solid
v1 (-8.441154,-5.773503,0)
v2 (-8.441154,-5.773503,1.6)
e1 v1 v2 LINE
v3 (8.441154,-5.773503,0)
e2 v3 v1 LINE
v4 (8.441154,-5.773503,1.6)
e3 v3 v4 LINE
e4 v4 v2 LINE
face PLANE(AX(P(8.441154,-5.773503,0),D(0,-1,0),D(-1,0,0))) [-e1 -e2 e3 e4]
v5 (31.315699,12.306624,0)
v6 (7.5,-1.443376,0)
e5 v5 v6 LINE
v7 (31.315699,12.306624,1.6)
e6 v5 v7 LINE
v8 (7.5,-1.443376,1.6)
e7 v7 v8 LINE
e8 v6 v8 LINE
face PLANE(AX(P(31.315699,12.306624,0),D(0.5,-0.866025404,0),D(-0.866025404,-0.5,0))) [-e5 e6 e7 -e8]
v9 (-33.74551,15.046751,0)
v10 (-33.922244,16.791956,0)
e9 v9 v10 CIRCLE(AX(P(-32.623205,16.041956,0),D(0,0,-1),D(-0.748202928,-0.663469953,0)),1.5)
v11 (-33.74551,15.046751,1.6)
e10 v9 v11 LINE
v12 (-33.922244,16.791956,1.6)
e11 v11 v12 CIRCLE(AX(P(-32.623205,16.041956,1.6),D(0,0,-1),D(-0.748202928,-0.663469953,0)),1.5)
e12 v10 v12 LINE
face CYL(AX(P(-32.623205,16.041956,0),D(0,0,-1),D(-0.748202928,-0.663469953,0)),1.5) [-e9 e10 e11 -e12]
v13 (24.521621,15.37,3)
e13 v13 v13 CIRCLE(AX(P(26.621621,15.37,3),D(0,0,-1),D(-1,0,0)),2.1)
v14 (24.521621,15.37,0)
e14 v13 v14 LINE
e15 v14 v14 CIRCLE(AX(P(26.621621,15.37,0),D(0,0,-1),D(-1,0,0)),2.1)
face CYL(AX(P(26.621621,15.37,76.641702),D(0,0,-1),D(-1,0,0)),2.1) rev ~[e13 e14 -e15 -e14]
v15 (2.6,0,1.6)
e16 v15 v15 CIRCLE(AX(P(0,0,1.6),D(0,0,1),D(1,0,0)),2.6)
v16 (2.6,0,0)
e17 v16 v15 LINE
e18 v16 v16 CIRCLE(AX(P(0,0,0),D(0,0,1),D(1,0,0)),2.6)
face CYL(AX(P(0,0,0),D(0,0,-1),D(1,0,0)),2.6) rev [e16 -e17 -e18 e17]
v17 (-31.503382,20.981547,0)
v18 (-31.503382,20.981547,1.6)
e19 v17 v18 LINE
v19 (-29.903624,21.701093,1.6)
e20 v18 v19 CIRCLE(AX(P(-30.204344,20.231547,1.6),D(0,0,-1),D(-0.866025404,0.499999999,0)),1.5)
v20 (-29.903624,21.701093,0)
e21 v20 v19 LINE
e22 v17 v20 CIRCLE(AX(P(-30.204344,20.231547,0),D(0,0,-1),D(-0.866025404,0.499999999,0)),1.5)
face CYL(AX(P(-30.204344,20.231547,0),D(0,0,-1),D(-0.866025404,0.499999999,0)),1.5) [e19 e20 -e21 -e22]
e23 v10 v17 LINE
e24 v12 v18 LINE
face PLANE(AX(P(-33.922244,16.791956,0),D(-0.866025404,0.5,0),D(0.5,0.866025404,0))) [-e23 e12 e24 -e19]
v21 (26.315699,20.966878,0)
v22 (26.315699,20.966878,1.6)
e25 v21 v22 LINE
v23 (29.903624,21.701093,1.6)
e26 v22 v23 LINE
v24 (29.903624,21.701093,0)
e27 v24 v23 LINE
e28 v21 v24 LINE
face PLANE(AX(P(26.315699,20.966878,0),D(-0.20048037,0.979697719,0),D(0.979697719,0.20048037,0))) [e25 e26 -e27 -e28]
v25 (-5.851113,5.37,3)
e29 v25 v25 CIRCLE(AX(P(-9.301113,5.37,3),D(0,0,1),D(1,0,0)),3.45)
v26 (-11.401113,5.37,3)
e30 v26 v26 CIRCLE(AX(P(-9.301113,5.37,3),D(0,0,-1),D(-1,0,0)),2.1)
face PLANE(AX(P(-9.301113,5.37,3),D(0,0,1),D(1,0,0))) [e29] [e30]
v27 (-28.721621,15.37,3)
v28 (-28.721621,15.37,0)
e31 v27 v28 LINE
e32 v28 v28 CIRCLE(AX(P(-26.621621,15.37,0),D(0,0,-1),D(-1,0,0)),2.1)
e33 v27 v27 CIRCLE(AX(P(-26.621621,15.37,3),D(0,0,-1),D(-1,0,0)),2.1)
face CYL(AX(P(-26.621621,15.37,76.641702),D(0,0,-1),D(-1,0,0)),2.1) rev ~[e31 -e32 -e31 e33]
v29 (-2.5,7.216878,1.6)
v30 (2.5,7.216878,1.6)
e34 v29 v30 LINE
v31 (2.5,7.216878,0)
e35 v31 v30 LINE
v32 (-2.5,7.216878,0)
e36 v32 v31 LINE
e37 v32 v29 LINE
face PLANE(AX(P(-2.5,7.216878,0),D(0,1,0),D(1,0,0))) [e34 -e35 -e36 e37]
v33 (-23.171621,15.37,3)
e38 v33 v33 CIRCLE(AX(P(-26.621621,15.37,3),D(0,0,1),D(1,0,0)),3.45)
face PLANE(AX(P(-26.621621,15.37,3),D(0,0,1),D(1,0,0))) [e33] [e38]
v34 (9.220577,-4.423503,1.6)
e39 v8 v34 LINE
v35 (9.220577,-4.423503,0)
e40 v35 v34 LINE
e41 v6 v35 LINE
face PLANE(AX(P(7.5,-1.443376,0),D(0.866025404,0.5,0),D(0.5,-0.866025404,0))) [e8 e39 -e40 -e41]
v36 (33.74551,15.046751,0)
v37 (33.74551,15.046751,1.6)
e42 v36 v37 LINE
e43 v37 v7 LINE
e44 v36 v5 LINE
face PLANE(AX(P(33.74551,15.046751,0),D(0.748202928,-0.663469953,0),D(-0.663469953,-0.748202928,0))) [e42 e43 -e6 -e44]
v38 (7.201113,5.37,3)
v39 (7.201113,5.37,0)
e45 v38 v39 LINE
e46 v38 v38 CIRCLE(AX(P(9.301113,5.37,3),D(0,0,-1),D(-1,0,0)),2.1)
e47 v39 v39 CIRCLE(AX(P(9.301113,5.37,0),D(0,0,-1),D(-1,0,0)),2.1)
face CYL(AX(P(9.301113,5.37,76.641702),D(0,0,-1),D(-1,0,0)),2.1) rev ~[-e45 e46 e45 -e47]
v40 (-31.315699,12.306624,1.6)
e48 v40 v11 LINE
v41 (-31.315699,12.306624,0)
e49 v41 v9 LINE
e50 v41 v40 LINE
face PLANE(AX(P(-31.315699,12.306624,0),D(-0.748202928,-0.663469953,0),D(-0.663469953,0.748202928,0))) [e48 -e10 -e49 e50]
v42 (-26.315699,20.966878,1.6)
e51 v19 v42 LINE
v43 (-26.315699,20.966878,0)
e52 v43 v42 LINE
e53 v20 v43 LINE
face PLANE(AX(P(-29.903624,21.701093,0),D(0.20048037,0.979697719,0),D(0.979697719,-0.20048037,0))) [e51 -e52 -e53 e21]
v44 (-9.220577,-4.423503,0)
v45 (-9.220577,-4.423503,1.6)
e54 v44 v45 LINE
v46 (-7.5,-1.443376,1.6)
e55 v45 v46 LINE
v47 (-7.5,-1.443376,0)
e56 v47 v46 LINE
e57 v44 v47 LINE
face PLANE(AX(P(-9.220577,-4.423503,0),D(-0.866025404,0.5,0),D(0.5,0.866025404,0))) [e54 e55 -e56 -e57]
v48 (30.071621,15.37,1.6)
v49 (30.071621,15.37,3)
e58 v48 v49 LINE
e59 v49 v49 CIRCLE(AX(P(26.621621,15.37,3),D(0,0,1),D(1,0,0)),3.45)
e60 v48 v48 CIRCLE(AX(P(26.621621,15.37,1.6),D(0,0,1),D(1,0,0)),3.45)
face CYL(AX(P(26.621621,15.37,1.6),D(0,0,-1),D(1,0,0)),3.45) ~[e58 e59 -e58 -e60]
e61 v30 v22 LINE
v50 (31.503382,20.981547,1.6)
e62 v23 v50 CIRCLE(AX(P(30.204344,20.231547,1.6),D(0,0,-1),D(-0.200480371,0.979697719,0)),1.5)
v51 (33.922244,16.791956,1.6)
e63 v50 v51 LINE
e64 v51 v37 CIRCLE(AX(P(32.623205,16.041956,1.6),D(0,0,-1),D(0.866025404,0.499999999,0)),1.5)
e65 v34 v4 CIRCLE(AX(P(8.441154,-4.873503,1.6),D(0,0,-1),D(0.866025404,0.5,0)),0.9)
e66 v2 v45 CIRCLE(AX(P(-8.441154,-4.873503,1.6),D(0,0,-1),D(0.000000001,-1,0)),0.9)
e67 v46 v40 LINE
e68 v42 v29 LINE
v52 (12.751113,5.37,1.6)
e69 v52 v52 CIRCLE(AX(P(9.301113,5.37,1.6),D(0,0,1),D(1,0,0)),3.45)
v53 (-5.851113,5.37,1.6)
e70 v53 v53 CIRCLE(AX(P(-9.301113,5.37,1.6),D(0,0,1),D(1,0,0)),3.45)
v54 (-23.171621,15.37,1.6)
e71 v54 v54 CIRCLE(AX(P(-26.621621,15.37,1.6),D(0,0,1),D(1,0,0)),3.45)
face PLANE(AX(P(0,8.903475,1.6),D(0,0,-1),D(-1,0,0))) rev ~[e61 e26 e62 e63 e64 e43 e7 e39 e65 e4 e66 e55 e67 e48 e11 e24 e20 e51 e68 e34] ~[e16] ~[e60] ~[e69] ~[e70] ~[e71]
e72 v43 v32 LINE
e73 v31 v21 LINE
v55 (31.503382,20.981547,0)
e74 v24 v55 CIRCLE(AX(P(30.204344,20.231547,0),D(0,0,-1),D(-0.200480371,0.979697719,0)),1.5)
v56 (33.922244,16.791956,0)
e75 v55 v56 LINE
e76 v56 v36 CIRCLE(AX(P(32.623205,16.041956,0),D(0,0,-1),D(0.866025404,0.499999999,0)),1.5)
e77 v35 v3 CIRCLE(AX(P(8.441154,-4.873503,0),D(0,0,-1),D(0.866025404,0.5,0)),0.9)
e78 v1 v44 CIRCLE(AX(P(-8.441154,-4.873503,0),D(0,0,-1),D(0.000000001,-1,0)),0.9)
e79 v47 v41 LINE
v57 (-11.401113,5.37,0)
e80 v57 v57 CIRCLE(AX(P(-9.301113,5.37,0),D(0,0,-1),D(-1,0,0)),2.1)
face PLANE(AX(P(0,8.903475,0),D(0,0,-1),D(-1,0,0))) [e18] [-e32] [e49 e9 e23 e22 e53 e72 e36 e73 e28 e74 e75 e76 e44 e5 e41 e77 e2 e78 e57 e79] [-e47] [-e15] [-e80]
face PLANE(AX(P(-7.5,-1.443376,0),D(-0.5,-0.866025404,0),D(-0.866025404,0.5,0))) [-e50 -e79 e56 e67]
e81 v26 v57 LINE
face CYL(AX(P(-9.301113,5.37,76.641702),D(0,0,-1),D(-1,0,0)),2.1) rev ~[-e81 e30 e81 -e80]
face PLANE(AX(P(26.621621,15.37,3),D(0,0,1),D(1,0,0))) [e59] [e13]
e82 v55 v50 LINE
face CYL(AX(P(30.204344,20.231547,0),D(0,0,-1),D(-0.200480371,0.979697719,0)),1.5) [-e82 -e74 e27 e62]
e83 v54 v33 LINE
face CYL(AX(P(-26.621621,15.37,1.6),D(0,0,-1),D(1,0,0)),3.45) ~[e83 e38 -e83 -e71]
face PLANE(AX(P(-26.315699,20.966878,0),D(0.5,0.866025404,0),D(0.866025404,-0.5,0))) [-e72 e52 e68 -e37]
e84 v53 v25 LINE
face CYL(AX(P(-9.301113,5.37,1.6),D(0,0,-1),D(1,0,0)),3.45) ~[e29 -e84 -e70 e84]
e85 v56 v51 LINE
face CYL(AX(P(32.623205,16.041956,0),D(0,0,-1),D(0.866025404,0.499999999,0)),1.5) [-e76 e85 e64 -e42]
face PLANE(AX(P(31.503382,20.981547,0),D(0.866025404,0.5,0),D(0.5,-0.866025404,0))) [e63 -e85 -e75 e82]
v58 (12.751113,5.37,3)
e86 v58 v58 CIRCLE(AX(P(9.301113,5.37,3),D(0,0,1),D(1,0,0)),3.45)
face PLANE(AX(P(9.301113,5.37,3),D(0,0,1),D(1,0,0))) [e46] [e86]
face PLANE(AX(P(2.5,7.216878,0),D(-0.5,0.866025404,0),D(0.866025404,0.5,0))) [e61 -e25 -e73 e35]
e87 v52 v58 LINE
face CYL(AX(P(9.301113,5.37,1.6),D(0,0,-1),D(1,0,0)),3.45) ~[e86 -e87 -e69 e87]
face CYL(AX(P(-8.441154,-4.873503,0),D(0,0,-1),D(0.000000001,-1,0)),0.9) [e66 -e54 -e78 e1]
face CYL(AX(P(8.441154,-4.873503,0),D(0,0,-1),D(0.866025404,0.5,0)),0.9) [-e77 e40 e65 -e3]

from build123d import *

# Parameters (mm, degrees)
SKETCH1_R             = 2.6
BOSS_EXTRUDE1_DEPTH   = 1.6
SKETCH2_R             = 3.45
BOSS_EXTRUDE2_DEPTH   = 1.4
M5X0_8_TAPPED_HOLE1_D = 4.2


with BuildPart() as part:
    # Sketch1 → Boss-Extrude1 (new body)
    with BuildSketch(Plane.XY):
        with BuildLine():
            Line((-2.5, 7.216878365), (2.5, 7.216878365))
            Line((2.5, 7.216878365), (26.315698604, 20.966878365))
            Line((26.315698604, 20.966878365), (29.903623675, 21.701093146))
            ThreePointArc((29.903623675, 21.701093146), (30.819646028, 21.599539147), (31.503382336, 20.981546567))
            Line((31.503382336, 20.981546567), (33.922243506, 16.791956125))
            ThreePointArc((33.922243506, 16.791956125), (34.115572625, 15.890826823), (33.745509792, 15.046751195))
            Line((33.745509792, 15.046751195), (31.315698604, 12.306624327))
            Line((31.315698604, 12.306624327), (7.5, -1.443375673))
            Line((7.5, -1.443375673), (9.220577137, -4.423502692))
            ThreePointArc((9.220577137, -4.423502692), (9.220577137, -5.323502692), (8.441154273, -5.773502692))
            Line((8.441154273, -5.773502692), (-8.441154273, -5.773502692))
            ThreePointArc((-8.441154273, -5.773502692), (-9.220577137, -5.323502692), (-9.220577137, -4.423502692))
            Line((-9.220577137, -4.423502692), (-7.5, -1.443375673))
            Line((-7.5, -1.443375673), (-31.315698604, 12.306624327))
            Line((-31.315698604, 12.306624327), (-33.745509792, 15.046751195))
            ThreePointArc((-33.745509792, 15.046751195), (-34.115572625, 15.890826823), (-33.922243506, 16.791956125))
            Line((-33.922243506, 16.791956125), (-31.503382336, 20.981546567))
            ThreePointArc((-31.503382336, 20.981546567), (-30.819646028, 21.599539147), (-29.903623675, 21.701093146))
            Line((-29.903623675, 21.701093146), (-26.315698604, 20.966878365))
            Line((-26.315698604, 20.966878365), (-2.5, 7.216878365))
        make_face()
        Circle(SKETCH1_R, mode=Mode.SUBTRACT)
    extrude(amount=BOSS_EXTRUDE1_DEPTH)

    # Sketch2 → Boss-Extrude2 (add)
    with BuildSketch(Plane.XY.offset(1.6)):
        with Locations((26.621620912, 15.37)):
            Circle(SKETCH2_R)
        with Locations((9.301112837, 5.37)):
            Circle(SKETCH2_R)
        with Locations((-9.301112837, 5.37)):
            Circle(SKETCH2_R)
        with Locations((-26.621620912, 15.37)):
            Circle(SKETCH2_R)
    extrude(amount=BOSS_EXTRUDE2_DEPTH)

    # M5x0.8 Tapped Hole1 (through all)
    with Locations(Plane.XY.offset(3)):
        with Locations((26.621620912, 15.37), (9.301112837, 5.37), (-9.301112837, 5.37), (-26.621620912, 15.37)):
            Hole(M5X0_8_TAPPED_HOLE1_D / 2)


solid = part.part
